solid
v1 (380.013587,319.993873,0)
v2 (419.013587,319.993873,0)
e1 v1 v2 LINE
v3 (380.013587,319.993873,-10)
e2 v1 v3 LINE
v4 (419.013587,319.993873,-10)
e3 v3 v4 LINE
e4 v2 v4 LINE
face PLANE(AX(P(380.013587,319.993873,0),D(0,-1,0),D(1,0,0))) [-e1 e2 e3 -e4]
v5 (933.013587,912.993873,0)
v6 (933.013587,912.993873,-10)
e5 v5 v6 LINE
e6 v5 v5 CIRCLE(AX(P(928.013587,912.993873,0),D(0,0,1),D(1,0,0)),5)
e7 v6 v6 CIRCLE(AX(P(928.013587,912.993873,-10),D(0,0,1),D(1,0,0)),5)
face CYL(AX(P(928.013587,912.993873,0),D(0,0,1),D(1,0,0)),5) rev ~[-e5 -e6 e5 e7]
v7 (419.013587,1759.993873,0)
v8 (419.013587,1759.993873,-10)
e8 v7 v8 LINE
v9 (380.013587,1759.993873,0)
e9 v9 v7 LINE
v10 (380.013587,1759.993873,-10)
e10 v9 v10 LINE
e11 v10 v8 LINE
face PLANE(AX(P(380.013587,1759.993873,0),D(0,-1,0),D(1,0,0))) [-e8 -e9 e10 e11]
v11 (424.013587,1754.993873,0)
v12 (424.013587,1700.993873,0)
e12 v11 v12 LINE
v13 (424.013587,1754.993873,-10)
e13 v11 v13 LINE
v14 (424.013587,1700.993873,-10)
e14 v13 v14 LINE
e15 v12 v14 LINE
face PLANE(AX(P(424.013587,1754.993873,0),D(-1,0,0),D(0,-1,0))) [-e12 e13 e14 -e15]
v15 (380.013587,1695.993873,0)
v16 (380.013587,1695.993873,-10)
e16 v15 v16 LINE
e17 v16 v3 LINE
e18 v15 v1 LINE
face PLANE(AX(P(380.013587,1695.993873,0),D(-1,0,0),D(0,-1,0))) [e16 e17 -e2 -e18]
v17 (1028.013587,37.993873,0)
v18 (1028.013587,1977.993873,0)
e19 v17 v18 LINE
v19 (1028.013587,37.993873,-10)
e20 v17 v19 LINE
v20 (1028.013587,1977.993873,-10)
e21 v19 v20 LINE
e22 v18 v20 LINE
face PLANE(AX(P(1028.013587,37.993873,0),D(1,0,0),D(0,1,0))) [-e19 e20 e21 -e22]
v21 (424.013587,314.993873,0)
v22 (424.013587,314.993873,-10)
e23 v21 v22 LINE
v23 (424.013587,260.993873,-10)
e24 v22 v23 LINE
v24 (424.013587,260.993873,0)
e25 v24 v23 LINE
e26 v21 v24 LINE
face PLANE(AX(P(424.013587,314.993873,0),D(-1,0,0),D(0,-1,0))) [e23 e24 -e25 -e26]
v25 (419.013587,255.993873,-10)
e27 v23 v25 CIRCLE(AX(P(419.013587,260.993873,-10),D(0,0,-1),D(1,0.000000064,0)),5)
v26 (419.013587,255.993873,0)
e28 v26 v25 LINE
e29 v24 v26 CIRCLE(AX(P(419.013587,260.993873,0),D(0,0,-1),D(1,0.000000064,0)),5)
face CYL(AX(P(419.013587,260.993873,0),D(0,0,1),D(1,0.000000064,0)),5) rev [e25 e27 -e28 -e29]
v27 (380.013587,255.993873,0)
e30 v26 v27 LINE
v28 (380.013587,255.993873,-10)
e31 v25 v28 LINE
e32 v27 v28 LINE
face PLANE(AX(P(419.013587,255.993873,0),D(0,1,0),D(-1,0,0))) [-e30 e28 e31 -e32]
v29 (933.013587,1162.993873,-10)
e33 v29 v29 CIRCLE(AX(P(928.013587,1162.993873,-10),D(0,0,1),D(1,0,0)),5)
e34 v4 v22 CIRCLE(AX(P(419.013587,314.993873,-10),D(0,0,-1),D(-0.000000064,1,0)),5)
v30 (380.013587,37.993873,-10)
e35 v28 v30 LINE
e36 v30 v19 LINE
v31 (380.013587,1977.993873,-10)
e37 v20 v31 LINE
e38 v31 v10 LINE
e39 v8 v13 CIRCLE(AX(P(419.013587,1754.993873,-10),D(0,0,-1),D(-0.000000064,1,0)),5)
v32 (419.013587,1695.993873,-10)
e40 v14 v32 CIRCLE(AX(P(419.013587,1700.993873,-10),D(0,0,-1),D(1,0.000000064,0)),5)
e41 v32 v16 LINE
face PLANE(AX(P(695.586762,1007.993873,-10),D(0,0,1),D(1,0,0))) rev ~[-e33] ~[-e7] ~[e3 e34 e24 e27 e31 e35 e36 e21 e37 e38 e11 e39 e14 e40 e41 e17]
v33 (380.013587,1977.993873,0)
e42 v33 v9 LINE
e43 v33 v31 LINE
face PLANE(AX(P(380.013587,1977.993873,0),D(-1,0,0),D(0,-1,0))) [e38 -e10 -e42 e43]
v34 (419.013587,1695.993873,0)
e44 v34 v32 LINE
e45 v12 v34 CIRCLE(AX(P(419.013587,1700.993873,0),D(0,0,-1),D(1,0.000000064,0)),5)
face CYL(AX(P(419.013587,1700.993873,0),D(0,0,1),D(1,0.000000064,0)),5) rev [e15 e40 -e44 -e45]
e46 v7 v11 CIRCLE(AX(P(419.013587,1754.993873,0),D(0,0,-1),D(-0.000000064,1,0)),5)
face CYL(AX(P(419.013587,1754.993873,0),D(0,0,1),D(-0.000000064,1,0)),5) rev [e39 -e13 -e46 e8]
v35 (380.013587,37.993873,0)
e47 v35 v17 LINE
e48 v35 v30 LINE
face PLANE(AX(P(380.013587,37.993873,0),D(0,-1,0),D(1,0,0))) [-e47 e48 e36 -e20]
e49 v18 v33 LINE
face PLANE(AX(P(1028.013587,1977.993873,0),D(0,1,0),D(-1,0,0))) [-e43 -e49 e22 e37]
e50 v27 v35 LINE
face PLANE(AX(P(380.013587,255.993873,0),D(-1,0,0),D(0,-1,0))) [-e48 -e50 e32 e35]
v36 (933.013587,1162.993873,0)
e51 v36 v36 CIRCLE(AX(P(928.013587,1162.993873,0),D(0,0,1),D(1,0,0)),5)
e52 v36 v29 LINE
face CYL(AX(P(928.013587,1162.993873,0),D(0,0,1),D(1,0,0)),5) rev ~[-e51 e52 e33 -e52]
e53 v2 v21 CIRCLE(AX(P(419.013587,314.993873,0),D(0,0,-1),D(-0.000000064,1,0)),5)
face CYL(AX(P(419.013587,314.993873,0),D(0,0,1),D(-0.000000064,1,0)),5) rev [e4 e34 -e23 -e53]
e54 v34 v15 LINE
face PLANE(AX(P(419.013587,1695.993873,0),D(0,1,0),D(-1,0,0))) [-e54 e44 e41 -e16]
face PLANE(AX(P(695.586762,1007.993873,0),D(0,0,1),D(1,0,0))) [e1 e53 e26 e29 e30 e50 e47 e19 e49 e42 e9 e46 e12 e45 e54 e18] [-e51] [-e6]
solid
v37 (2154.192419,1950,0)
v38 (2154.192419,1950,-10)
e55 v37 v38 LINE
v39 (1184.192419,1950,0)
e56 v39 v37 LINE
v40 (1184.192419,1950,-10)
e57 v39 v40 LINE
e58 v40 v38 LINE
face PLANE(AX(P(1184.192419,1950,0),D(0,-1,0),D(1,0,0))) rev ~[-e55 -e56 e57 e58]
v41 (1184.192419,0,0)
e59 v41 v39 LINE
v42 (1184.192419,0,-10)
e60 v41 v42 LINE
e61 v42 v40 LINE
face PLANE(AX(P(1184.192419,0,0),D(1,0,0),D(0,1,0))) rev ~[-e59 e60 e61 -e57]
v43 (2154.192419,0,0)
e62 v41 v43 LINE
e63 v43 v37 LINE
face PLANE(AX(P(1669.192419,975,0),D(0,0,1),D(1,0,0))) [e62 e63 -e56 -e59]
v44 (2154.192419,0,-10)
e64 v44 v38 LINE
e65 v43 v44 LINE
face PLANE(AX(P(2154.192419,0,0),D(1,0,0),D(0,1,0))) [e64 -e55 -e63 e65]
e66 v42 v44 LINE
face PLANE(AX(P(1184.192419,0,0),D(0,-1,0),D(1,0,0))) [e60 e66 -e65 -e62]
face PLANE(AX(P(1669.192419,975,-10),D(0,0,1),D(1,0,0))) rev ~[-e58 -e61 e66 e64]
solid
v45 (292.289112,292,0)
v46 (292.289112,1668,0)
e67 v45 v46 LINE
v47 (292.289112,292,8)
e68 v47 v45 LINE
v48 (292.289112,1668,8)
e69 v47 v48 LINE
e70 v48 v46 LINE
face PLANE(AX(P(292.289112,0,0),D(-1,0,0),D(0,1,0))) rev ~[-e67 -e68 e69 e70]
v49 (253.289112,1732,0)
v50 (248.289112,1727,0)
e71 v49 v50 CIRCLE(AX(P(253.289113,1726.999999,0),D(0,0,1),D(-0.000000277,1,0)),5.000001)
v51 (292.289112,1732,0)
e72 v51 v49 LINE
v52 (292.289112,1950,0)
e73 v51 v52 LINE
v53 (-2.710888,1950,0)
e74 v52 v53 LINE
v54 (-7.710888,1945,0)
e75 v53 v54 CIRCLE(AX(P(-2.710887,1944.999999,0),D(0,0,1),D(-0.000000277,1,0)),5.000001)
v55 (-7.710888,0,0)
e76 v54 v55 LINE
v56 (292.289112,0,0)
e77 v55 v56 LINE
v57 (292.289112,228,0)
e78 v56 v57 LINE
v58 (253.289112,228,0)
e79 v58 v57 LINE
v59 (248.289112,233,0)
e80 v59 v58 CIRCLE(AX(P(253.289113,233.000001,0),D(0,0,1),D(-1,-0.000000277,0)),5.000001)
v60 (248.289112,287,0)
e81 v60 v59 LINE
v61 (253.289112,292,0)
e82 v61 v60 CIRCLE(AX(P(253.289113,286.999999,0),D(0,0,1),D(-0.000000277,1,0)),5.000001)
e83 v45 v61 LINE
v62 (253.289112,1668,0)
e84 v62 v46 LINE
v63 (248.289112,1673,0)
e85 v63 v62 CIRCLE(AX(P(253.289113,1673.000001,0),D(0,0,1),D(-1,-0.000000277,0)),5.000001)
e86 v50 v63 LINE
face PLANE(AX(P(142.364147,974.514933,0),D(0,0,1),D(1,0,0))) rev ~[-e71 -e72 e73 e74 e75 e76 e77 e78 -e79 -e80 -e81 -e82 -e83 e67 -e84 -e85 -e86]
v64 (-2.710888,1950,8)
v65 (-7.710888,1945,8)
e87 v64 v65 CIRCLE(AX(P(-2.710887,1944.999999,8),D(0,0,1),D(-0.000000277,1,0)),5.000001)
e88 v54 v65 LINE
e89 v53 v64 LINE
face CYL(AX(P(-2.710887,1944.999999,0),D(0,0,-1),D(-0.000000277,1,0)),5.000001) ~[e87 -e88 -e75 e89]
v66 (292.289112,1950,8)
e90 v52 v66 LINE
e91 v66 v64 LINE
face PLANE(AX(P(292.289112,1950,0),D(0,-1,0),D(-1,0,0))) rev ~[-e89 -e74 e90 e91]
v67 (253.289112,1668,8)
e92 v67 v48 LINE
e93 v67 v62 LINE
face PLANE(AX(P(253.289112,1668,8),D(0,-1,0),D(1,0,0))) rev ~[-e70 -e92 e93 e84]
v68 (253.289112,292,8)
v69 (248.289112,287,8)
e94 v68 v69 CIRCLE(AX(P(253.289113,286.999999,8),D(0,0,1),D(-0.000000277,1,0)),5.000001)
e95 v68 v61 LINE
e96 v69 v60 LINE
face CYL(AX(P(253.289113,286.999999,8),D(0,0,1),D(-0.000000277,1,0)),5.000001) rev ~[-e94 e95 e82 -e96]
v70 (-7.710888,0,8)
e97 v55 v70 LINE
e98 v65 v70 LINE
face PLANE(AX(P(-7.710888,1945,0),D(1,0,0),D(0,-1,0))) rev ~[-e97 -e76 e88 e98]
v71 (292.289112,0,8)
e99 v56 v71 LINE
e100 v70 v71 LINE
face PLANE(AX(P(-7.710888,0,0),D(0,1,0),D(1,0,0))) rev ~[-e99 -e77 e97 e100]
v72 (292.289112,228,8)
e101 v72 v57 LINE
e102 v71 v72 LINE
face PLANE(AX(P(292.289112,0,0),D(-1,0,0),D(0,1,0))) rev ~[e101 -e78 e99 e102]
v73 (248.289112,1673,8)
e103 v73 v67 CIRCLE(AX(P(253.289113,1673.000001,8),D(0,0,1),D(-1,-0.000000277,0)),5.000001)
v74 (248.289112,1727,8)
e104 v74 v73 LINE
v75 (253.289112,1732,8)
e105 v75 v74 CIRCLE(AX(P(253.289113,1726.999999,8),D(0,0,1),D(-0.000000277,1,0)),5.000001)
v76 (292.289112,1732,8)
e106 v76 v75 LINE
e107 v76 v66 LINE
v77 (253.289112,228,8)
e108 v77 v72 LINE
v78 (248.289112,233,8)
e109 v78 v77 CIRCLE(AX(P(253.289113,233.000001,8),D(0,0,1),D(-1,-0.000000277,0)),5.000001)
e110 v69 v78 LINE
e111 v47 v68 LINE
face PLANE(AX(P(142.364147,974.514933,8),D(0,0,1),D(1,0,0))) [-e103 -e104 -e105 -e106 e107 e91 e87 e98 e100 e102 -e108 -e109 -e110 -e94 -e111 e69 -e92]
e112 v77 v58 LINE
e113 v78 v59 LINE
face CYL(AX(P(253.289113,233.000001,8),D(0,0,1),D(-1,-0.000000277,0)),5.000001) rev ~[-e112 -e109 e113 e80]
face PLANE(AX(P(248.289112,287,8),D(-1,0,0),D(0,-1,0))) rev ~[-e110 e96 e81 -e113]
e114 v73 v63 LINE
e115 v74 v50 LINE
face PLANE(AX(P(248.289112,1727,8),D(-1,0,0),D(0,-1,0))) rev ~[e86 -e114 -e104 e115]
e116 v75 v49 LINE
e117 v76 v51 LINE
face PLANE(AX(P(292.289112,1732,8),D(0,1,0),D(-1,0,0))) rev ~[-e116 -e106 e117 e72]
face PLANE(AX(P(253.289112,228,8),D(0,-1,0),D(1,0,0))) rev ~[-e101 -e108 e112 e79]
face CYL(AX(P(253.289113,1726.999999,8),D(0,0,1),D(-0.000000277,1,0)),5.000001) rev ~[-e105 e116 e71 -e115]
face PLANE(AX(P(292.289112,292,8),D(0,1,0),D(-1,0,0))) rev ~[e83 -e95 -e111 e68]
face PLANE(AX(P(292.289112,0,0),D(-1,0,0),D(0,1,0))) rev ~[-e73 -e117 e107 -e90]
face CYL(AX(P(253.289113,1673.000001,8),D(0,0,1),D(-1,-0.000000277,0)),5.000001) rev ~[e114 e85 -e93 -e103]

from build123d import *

# Parameters (mm, degrees)
F1_DEPTH = 8
F3_DEPTH = 25
F5_DEPTH = 10
F6_R     = 5
F7_DEPTH = 10.001
F8_W     = 970
F8_H     = 1950
F9_DEPTH = 10


with BuildPart() as f1:
    # F0 (on Top) → F1 (new body)
    with BuildSketch(Plane.XY):
        with BuildLine():
            Line((-7.710888, 0), (292.289112, 0))
            Line((292.289112, 0), (292.289112, 1950))
            Line((292.289112, 1950), (-2.710888, 1950))
            ThreePointArc((-2.710888, 1950), (-6.246421, 1948.535534), (-7.710888, 1945))
            Line((-7.710888, 1945), (-7.710888, 0))
        make_face()
    extrude(amount=F1_DEPTH)

    # F2 (on face) → F3 (cut)
    with BuildSketch(Plane.XY.offset(8)):
        with BuildLine():
            Line((292.289112, 1668), (292.289112, 1732))
            Line((292.289112, 1732), (253.289112, 1732))
            ThreePointArc((253.289112, 1732), (249.753579, 1730.535534), (248.289112, 1727))
            Line((248.289112, 1727), (248.289112, 1673))
            ThreePointArc((248.289112, 1673), (249.753579, 1669.464466), (253.289112, 1668))
            Line((253.289112, 1668), (292.289112, 1668))
        make_face()
        with BuildLine():
            Line((292.289112, 228), (292.289112, 292))
            Line((292.289112, 292), (253.289112, 292))
            ThreePointArc((253.289112, 292), (249.753579, 290.535534), (248.289112, 287))
            Line((248.289112, 287), (248.289112, 233))
            ThreePointArc((248.289112, 233), (249.753579, 229.464466), (253.289112, 228))
            Line((253.289112, 228), (292.289112, 228))
        make_face()
    extrude(amount=-F3_DEPTH, mode=Mode.SUBTRACT)


with BuildPart() as f5:
    # F4 (on Top) → F5 (new body)
    with BuildSketch(Plane.XY):
        with BuildLine():
            Line((1028.013587, 1977.993873), (380.013587, 1977.993873))
            Line((380.013587, 1977.993873), (380.013587, 1759.993873))
            Line((380.013587, 1759.993873), (419.013587, 1759.993873))
            ThreePointArc((419.013587, 1759.993873), (422.549121, 1758.529407), (424.013587, 1754.993873))
            Line((424.013587, 1754.993873), (424.013587, 1700.993873))
            ThreePointArc((424.013587, 1700.993873), (422.549121, 1697.458339), (419.013587, 1695.993873))
            Line((419.013587, 1695.993873), (380.013587, 1695.993873))
            Line((380.013587, 1695.993873), (380.013587, 319.993873))
            Line((380.013587, 319.993873), (419.013587, 319.993873))
            ThreePointArc((419.013587, 319.993873), (422.549121, 318.529407), (424.013587, 314.993873))
            Line((424.013587, 314.993873), (424.013587, 260.993873))
            ThreePointArc((424.013587, 260.993873), (422.549121, 257.458339), (419.013587, 255.993873))
            Line((419.013587, 255.993873), (380.013587, 255.993873))
            Line((380.013587, 255.993873), (380.013587, 37.993873))
            Line((380.013587, 37.993873), (1028.013587, 37.993873))
            Line((1028.013587, 37.993873), (1028.013587, 1977.993873))
        make_face()
    extrude(amount=-F5_DEPTH)

    # F6 (on face) → F7 (cut, through all)
    with BuildSketch(Plane.XY):
        with Locations((928.013587, 1162.993873)):
            Circle(F6_R)
        with Locations((928.013587, 912.993873)):
            Circle(F6_R)
    extrude(amount=-F7_DEPTH, mode=Mode.SUBTRACT)


with BuildPart() as f9:
    # F8 (on Top) → F9 (new body)
    with BuildSketch(Plane.XY):
        with Locations((1669.192419, 975)):
            Rectangle(F8_W, F8_H)
    extrude(amount=-F9_DEPTH)


solid = Compound([f1.part, f5.part, f9.part])
